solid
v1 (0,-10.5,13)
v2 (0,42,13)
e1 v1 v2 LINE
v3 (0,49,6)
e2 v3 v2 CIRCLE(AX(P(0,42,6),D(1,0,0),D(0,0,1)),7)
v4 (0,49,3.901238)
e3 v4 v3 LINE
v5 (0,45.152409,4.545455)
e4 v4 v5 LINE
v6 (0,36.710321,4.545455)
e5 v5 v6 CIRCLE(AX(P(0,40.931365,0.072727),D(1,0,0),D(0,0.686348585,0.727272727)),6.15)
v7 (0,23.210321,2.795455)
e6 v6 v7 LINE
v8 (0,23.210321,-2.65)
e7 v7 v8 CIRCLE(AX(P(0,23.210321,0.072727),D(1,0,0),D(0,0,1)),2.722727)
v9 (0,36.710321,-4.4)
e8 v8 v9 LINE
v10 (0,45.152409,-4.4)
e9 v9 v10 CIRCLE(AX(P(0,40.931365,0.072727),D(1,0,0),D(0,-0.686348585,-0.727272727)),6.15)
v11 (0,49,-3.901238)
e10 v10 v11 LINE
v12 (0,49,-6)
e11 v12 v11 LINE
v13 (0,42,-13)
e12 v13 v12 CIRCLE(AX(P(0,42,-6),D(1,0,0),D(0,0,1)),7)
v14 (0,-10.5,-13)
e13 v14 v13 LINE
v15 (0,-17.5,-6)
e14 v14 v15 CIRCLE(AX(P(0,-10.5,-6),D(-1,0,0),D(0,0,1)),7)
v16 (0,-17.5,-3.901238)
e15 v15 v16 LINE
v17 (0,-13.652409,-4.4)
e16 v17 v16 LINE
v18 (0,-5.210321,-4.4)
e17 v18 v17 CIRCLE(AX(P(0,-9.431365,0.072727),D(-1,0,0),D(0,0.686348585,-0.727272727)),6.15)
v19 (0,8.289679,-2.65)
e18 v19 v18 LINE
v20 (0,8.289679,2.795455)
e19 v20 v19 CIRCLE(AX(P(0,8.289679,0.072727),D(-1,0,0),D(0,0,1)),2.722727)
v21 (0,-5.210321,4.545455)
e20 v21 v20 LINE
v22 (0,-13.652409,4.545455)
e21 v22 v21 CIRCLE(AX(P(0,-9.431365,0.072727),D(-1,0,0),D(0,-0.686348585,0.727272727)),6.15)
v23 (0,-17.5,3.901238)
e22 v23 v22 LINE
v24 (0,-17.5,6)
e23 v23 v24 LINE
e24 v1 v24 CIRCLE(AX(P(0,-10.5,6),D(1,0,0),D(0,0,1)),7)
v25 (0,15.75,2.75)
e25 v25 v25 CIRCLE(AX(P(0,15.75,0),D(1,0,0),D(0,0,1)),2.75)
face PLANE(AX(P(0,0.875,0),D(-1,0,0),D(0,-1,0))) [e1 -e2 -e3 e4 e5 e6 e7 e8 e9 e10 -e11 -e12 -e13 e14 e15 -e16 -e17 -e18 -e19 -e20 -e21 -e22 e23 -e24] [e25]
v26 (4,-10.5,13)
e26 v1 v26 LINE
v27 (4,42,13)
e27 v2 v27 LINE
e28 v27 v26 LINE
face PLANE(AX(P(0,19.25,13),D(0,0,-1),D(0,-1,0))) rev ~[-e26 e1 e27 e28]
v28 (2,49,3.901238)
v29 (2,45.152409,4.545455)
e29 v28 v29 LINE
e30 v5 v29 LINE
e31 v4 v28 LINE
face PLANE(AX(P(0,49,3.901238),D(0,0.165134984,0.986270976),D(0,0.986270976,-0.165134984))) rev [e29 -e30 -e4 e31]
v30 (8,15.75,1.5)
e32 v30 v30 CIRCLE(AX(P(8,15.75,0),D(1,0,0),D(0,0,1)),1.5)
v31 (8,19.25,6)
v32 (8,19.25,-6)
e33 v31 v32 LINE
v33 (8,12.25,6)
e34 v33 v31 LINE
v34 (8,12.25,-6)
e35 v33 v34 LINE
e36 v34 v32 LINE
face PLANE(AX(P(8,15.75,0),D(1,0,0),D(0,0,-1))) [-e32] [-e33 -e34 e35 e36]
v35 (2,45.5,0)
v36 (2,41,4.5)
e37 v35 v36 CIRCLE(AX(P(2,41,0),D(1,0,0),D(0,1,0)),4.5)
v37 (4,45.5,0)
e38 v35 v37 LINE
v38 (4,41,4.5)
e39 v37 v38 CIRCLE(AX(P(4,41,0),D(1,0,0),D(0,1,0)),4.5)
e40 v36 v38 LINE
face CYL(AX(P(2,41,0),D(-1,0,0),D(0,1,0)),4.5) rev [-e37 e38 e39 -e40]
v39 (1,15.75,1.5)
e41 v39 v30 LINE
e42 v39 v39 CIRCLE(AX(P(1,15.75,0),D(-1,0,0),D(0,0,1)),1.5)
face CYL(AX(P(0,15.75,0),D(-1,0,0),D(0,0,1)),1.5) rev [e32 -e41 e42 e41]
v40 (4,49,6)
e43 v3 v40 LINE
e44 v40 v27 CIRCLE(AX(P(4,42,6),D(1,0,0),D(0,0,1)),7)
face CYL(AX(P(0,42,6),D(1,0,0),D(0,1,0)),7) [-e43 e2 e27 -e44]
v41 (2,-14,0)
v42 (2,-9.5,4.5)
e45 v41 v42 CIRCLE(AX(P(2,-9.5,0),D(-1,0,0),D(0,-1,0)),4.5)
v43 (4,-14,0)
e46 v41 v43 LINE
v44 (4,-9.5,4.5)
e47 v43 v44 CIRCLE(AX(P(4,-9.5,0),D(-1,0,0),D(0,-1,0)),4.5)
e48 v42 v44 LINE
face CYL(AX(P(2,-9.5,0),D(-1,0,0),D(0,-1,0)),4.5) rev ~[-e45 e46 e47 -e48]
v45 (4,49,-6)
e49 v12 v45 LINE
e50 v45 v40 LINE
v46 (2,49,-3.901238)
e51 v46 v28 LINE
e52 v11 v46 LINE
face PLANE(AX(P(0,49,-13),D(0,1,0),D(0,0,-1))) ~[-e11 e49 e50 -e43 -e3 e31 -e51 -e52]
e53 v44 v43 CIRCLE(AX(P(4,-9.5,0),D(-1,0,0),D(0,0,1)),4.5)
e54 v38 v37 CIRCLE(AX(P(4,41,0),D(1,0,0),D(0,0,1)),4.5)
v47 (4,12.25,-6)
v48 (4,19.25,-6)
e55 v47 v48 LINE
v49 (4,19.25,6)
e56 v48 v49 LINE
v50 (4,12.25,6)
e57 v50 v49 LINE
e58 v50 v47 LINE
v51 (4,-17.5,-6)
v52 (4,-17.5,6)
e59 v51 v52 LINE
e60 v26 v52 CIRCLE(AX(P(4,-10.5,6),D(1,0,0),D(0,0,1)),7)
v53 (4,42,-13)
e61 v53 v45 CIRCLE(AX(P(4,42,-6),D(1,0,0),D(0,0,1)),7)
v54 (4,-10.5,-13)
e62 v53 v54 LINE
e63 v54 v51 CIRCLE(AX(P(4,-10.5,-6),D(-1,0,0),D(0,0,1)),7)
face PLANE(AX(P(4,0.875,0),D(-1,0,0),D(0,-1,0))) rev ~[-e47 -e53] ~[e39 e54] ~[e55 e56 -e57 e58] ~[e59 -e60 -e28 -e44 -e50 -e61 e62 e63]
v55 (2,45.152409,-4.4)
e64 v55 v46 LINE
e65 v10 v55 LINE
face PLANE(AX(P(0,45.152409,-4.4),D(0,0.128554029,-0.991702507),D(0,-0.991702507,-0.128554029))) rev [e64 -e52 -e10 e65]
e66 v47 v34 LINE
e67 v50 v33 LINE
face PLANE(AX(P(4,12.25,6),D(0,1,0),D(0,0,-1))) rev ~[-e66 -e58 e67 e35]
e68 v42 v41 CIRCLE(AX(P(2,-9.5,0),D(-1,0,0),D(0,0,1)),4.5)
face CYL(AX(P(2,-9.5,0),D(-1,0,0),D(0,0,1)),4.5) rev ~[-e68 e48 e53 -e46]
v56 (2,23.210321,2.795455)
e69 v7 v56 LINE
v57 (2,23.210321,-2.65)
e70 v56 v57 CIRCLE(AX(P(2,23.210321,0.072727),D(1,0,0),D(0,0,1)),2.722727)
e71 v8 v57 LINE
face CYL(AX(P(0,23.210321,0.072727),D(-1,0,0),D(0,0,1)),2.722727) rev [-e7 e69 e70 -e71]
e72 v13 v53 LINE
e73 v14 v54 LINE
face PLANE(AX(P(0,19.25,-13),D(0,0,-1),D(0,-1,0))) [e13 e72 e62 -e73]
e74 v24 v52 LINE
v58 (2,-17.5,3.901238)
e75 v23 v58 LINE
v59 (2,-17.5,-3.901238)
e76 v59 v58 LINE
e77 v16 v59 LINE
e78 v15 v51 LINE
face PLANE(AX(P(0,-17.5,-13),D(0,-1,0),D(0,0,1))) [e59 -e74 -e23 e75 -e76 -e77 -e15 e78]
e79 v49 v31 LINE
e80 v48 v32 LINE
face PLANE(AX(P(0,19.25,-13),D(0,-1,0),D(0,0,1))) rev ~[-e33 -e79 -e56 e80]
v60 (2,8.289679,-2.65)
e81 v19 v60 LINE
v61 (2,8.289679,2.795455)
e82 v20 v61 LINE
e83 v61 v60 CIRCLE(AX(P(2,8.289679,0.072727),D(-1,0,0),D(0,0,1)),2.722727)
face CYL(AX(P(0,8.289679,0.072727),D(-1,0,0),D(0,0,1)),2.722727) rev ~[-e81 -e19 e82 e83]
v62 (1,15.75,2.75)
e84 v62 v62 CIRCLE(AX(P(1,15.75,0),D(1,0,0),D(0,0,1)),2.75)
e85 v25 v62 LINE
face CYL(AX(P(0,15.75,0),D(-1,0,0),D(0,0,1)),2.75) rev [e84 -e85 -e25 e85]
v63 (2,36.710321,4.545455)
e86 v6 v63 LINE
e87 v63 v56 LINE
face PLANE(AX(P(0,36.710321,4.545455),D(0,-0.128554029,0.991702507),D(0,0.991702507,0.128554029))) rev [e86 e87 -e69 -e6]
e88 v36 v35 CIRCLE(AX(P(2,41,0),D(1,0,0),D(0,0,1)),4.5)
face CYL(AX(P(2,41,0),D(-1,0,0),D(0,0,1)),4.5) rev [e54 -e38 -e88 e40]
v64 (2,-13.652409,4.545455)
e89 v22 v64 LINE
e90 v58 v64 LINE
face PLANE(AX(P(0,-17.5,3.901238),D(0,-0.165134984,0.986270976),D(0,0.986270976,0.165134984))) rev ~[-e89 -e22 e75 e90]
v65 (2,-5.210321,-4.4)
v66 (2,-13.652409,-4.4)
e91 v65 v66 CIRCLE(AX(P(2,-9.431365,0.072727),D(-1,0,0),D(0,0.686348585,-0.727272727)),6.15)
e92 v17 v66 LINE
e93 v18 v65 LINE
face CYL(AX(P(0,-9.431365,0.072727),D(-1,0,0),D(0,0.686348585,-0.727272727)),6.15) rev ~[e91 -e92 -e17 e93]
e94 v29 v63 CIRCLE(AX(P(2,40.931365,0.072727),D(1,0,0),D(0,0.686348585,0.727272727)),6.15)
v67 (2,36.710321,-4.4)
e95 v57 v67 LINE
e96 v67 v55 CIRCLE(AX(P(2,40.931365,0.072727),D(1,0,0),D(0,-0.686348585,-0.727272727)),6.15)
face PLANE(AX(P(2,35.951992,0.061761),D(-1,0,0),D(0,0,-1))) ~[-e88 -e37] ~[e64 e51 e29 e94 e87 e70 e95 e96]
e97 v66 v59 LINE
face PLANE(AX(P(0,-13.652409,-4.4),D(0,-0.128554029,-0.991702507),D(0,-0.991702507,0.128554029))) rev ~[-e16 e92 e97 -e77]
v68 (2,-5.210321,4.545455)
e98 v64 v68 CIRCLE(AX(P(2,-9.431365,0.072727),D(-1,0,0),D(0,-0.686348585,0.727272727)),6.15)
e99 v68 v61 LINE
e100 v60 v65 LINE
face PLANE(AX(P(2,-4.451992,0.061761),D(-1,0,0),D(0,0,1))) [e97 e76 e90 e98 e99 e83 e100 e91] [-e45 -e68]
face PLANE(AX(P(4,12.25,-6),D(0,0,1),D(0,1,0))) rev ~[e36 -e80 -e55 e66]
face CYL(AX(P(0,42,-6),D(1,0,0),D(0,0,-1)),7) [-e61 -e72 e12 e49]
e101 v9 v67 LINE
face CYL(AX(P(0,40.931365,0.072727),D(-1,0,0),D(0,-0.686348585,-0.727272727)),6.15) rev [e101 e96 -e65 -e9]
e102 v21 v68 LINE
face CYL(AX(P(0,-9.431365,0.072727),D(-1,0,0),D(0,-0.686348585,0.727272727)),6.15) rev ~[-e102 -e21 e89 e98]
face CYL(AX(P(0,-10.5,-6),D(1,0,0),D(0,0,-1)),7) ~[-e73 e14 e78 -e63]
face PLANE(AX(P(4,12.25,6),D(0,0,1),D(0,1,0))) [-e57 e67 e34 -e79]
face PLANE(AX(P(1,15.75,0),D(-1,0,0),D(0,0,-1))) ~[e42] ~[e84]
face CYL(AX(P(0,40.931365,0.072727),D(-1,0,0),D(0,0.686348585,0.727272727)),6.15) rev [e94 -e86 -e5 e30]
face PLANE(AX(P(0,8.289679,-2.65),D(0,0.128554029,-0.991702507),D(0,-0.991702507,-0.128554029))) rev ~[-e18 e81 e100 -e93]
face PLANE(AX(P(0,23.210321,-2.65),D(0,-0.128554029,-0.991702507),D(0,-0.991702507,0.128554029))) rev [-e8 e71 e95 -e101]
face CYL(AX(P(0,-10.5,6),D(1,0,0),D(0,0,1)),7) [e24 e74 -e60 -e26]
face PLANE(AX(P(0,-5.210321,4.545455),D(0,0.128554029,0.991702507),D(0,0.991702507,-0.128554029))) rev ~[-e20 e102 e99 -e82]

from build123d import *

# Parameters (mm, degrees)
SKETCH_1_W             = 36.75
SKETCH_1_H             = 26
EXTRUDE_1_DEPTH        = 4
CUT_EXTRUDE_1_DEPTH    = 2
FILLET_1_R             = 7
CUT_EXTRUDE_3_DEPTH    = 2
SKETCH_11_W            = 12
SKETCH_11_H            = 7
EXTRUDE_2_DEPTH        = 4
SKETCH_12_R            = 1.5
CUT_EXTRUDE_4_DEPTH    = 8
SKETCH_13_R            = 2.75
CUT_EXTRUDE_5_DEPTH    = 1
FILLET_1_OF_MIRROR_2_R = 7


with BuildPart() as part:
    # Эскиз1 → Бобышка-Вытянуть1 (new body)
    with BuildSketch(Plane(origin=(0, 0, 0), x_dir=(0, -1, 0), z_dir=(-1, 0, 0))):
        with Locations((-0.875, 0)):
            Rectangle(SKETCH_1_W, SKETCH_1_H)
    extrude_1 = extrude(amount=-EXTRUDE_1_DEPTH)

    # Эскиз2 → Вырез-Вытянуть1 (cut)
    with BuildSketch(Plane.ZY):
        with BuildLine():
            Line((3.901238196, -17.5), (4.545454545, -13.652408939))
            ThreePointArc((4.545454545, -13.652408939), (6.222727273, -9.431365141), (4.545454545, -5.210321344))
            Line((4.545454545, -5.210321344), (2.795454545, 8.289678656))
            ThreePointArc((2.795454545, 8.289678656), (0.072727273, 11.012405929), (-2.65, 8.289678656))
            Line((-2.65, 8.289678656), (-4.4, -5.210321344))
            ThreePointArc((-4.4, -5.210321344), (-6.077272727, -9.431365141), (-4.4, -13.652408939))
            Line((-4.4, -13.652408939), (-3.901238196, -17.5))
            Line((-3.901238196, -17.5), (3.901238196, -17.5))
        make_face()
    cut_extrude_1 = extrude(amount=-CUT_EXTRUDE_1_DEPTH, mode=Mode.SUBTRACT)

    # Скругление1
    fillet_1_edges = [part.edges().sort_by_distance(p)[0] for p in [
        (2, -17.5, 13),
        (2, -17.5, -13),
    ]]
    fillet(fillet_1_edges, radius=FILLET_1_R)

    # Эскиз9 → Вырез-Вытянуть3 (cut)
    with BuildSketch(Plane.ZY.offset(-2)):
        with BuildLine():
            ThreePointArc((4.5, -9.5), (-3.181980515, -6.318019485), (0, -14))
            Line((0, -14), (0, -9.5))
            Line((0, -9.5), (4.5, -9.5))
        make_face()
        with BuildLine():
            Line((0, -9.5), (0, -14))
            ThreePointArc((0, -14), (3.181980515, -12.681980515), (4.5, -9.5))
            Line((4.5, -9.5), (0, -9.5))
        make_face()
    cut_extrude_3 = extrude(amount=-CUT_EXTRUDE_3_DEPTH, mode=Mode.SUBTRACT)

    # Эскиз11 → Бобышка-Вытянуть2 (add)
    with BuildSketch(Plane(origin=(4, 0, 0), x_dir=(0, 0, -1), z_dir=(1, 0, 0))):
        with Locations((0, 15.75)):
            Rectangle(SKETCH_11_W, SKETCH_11_H)
    extrude_2 = extrude(amount=EXTRUDE_2_DEPTH)

    # Эскиз12 → Вырез-Вытянуть4 (cut)
    with BuildSketch(Plane.ZY):
        with Locations((0, 15.75)):
            Circle(SKETCH_12_R)
    cut_extrude_4 = extrude(amount=-CUT_EXTRUDE_4_DEPTH, mode=Mode.SUBTRACT)

    # Эскиз13 → Вырез-Вытянуть5 (cut)
    with BuildSketch(Plane.ZY):
        with Locations((0, 15.75)):
            Circle(SKETCH_13_R)
    cut_extrude_5 = extrude(amount=-CUT_EXTRUDE_5_DEPTH, mode=Mode.SUBTRACT)

    # Зеркальное отражение2: Бобышка-Вытянуть1, Вырез-Вытянуть1, Вырез-Вытянуть3, Бобышка-Вытянуть2, Вырез-Вытянуть4, Вырез-Вытянуть5 across plane
    add(extrude_1.mirror(Plane.ZX.offset(15.75)))
    add(cut_extrude_1.mirror(Plane.ZX.offset(15.75)), mode=Mode.SUBTRACT)
    add(cut_extrude_3.mirror(Plane.ZX.offset(15.75)), mode=Mode.SUBTRACT)
    add(extrude_2.mirror(Plane.ZX.offset(15.75)))
    add(cut_extrude_4.mirror(Plane.ZX.offset(15.75)), mode=Mode.SUBTRACT)
    add(cut_extrude_5.mirror(Plane.ZX.offset(15.75)), mode=Mode.SUBTRACT)

    # Скругление1 of Зеркальное отражение2
    fillet_1_of_mirror_2_edges = [part.edges().sort_by_distance(p)[0] for p in [
        (2, 49, 13),
        (2, 49, -13),
    ]]
    fillet(fillet_1_of_mirror_2_edges, radius=FILLET_1_OF_MIRROR_2_R)


solid = part.part
